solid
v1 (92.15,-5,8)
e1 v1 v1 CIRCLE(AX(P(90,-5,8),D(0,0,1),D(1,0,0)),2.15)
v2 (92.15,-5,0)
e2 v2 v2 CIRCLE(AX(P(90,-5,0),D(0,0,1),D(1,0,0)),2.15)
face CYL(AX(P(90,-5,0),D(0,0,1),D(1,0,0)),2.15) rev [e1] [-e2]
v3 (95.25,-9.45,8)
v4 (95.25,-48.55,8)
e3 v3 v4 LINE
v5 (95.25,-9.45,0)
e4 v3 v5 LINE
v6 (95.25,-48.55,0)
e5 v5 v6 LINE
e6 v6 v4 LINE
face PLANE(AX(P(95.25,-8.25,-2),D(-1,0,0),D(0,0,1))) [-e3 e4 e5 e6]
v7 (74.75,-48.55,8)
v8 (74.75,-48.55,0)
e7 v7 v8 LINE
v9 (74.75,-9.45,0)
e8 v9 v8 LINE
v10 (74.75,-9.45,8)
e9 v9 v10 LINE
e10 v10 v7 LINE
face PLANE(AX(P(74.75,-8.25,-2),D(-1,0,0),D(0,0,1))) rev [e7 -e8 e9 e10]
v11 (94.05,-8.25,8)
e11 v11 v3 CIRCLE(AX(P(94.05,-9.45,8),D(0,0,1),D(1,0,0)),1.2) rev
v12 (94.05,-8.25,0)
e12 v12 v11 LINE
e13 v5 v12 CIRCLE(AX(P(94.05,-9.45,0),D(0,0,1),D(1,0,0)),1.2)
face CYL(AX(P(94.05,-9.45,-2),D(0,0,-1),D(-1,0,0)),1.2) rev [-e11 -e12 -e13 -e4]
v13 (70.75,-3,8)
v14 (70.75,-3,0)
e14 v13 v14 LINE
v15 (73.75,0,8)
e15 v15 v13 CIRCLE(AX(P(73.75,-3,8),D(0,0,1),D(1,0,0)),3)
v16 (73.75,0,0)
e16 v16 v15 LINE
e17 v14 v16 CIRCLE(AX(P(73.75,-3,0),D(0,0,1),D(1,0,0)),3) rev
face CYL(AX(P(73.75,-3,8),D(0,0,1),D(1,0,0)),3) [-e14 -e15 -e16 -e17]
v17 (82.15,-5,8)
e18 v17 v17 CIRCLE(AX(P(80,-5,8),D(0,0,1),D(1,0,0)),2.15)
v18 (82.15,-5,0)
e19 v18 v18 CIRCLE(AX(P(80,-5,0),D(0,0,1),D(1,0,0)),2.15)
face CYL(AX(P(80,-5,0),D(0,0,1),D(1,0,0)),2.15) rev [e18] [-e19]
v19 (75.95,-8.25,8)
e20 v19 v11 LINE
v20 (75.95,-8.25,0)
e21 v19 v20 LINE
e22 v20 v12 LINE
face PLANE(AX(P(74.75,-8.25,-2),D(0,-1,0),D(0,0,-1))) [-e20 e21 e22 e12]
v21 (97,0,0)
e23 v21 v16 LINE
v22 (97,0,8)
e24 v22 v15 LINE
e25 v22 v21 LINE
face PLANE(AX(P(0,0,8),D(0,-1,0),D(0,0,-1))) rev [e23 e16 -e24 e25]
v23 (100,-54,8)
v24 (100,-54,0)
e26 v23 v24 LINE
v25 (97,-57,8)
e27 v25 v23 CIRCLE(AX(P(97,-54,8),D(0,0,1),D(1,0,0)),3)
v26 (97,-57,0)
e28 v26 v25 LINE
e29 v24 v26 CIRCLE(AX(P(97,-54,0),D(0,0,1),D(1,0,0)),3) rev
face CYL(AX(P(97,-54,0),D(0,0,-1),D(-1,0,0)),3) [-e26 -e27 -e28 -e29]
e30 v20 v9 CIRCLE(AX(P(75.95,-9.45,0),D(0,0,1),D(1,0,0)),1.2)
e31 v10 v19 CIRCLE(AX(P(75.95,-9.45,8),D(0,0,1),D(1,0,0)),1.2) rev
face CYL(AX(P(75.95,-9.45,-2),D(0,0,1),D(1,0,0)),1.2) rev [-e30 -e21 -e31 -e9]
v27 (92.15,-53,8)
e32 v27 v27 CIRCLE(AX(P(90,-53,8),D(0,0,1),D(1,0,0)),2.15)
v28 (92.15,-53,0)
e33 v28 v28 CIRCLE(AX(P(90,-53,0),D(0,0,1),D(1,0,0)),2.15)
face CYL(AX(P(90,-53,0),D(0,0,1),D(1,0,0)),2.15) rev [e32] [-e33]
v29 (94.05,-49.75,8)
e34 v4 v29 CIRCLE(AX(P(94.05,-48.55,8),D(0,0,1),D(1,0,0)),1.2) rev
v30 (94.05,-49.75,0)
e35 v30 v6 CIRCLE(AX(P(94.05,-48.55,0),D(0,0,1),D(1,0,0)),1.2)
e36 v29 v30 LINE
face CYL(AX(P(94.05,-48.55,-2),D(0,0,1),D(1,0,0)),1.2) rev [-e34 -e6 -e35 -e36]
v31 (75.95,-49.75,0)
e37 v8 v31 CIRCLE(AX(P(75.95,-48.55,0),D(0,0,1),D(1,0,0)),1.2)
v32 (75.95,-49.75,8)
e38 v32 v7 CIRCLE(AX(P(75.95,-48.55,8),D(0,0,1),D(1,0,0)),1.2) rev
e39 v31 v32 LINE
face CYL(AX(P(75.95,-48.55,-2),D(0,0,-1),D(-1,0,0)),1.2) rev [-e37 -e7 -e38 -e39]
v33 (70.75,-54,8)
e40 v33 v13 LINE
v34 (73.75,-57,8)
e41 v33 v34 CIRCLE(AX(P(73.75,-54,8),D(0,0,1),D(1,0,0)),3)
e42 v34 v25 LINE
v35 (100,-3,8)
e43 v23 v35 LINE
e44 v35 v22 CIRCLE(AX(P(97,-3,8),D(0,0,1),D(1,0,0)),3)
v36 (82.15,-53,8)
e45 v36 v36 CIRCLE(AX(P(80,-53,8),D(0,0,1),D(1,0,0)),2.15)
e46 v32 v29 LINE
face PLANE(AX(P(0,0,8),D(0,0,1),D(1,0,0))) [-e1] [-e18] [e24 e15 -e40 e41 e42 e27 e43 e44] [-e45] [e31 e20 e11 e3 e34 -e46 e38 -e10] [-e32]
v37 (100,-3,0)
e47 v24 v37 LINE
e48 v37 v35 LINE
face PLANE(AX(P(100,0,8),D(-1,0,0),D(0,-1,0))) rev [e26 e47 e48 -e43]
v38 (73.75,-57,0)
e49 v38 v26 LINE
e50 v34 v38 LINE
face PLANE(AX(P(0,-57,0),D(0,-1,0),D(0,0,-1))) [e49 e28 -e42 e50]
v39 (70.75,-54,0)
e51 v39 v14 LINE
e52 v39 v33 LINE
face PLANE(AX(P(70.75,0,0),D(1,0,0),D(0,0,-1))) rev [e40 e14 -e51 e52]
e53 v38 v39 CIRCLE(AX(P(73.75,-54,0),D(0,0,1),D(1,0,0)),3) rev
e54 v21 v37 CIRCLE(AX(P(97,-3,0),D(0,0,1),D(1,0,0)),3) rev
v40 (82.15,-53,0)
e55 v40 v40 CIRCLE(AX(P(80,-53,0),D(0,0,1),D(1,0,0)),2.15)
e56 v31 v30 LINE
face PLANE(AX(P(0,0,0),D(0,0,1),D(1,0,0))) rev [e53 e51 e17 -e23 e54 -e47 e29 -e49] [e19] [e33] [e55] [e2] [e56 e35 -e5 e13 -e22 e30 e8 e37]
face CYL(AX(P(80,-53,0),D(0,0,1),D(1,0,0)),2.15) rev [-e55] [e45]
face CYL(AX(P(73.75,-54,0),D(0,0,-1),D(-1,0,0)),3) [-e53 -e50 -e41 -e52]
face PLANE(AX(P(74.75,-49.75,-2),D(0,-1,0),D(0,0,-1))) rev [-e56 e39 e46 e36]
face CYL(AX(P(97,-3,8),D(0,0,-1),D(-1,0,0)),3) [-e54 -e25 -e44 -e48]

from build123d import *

# Parameters (mm, degrees)
SKETCH_1_W          = 100
SKETCH_1_H          = 100
EXTRUDE_1_DEPTH     = 8
SKETCH_2_R          = 2.15
CUT_EXTRUDE_1_DEPTH = 142.647449677
SKETCH_3_R          = 2.15
CUT_EXTRUDE_2_DEPTH = 142.647449677
SKETCH_4_R          = 2.15
CUT_EXTRUDE_3_DEPTH = 142.647449677
SKETCH_5_W          = 20.5
SKETCH_5_H          = 41.5
CUT_EXTRUDE_4_DEPTH = 10
SKETCH_6_W          = 55
SKETCH_6_H          = 100
CUT_EXTRUDE_5_DEPTH = 10
FILLET_2_R          = 1.2
SKETCH_8_R          = 1.65
CUT_EXTRUDE_6_DEPTH = 142.647449677
SKETCH_9_W          = 15.75
SKETCH_9_H          = 78.5
CUT_EXTRUDE_7_DEPTH = 142.647449677
FILLET_3_R          = 10
FILLET_4_R          = 3
SKETCH_10_R         = 1.65
SKETCH_10_R_2       = 2.15
CUT_EXTRUDE_8_DEPTH = 142.647449677
FILLET_5_R          = 3


with BuildPart() as part:
    # 草图1 → 凸台-拉伸1 (new body)
    with BuildSketch(Plane.XY):
        with Locations((50, -50)):
            Rectangle(SKETCH_1_W, SKETCH_1_H)
    extrude(amount=EXTRUDE_1_DEPTH)

    # 草图2 → 切除-拉伸1 (cut, through all)
    with BuildSketch(Plane.XY.offset(8)):
        with Locations((80, -53)):
            Circle(SKETCH_2_R)
        with Locations((90, -53)):
            Circle(SKETCH_2_R)
        with Locations((90, -5)):
            Circle(SKETCH_2_R)
        with Locations((80, -5)):
            Circle(SKETCH_2_R)
    extrude(amount=-CUT_EXTRUDE_1_DEPTH, mode=Mode.SUBTRACT)

    # 草图3 → 切除-拉伸2 (cut, through all)
    with BuildSketch(Plane.XY.offset(8)):
        with Locations((73, -95)):
            Circle(SKETCH_3_R)
        with Locations((73, -85)):
            Circle(SKETCH_3_R)
        with Locations((85, -85)):
            Circle(SKETCH_3_R)
        with Locations((85, -95)):
            Circle(SKETCH_3_R)
    extrude(amount=-CUT_EXTRUDE_2_DEPTH, mode=Mode.SUBTRACT)

    # 草图4 → 切除-拉伸3 (cut, through all)
    with BuildSketch(Plane.XY.offset(8)):
        with BuildLine():
            ThreePointArc((81, -100), (71.5, -90.5), (62, -100))
            Line((62, -100), (81, -100))
        make_face()
        with Locations((73, -95)):
            Circle(SKETCH_4_R, mode=Mode.SUBTRACT)
    extrude(amount=-CUT_EXTRUDE_3_DEPTH, mode=Mode.SUBTRACT)

    # 草图5 → 切除-拉伸4 (cut)
    with BuildSketch(Plane.XY.offset(8)):
        with Locations((85, -29)):
            Rectangle(SKETCH_5_W, SKETCH_5_H)
    extrude(amount=-CUT_EXTRUDE_4_DEPTH, mode=Mode.SUBTRACT)

    # 草图6 → 切除-拉伸5 (cut)
    with BuildSketch(Plane.XY.offset(8)):
        with Locations((27.5, -50)):
            Rectangle(SKETCH_6_W, SKETCH_6_H)
    extrude(amount=-CUT_EXTRUDE_5_DEPTH, mode=Mode.SUBTRACT)

    # 圆角2
    fillet_2_edges = [part.edges().sort_by_distance(p)[0] for p in [
        (95.25, -49.75, 4),
        (74.75, -49.75, 4),
        (74.75, -8.25, 4),
        (95.25, -8.25, 4),
    ]]
    fillet(fillet_2_edges, radius=FILLET_2_R)

    # 草图8 → 切除-拉伸6 (cut, through all)
    with BuildSketch(Plane.XY.offset(8)):
        with Locations((59, -84)):
            Circle(SKETCH_8_R)
    extrude(amount=-CUT_EXTRUDE_6_DEPTH, mode=Mode.SUBTRACT)

    # 草图9 → 切除-拉伸7 (cut, through all)
    with BuildSketch(Plane.XY.offset(8)):
        with BuildLine():
            Line((71.5, -90.5), (55, -90.5))
            Line((55, -90.5), (55, -100))
            Line((55, -100), (62, -100))
            ThreePointArc((62, -100), (64.782485579, -93.282485579), (71.5, -90.5))
        make_face()
        with Locations((62.875, -39.25)):
            Rectangle(SKETCH_9_W, SKETCH_9_H)
    extrude(amount=-CUT_EXTRUDE_7_DEPTH, mode=Mode.SUBTRACT)

    # 圆角3
    fillet_3_edges = [part.edges().sort_by_distance(p)[0] for p in [
        (70.75, -78.5, 4),
    ]]
    fillet(fillet_3_edges, radius=FILLET_3_R)

    # 圆角4
    fillet_4_edges = [part.edges().sort_by_distance(p)[0] for p in [
        (55, -90.5, 4),
        (55, -78.5, 4),
        (70.75, 0, 4),
        (81, -100, 4),
        (100, 0, 4),
        (100, -100, 4),
    ]]
    fillet(fillet_4_edges, radius=FILLET_4_R)

    # 草图10 → 切除-拉伸8 (cut, through all)
    with BuildSketch(Plane.XY.offset(8)):
        with BuildLine():
            Line((100, -57), (70.75, -57))
            Line((70.75, -57), (70.75, -68.5))
            ThreePointArc((70.75, -68.5), (67.821067812, -75.571067812), (60.75, -78.5))
            Line((60.75, -78.5), (58, -78.5))
            ThreePointArc((58, -78.5), (55.878679656, -79.378679656), (55, -81.5))
            Line((55, -81.5), (55, -87.5))
            ThreePointArc((55, -87.5), (55.878679656, -89.621320344), (58, -90.5))
            Line((58, -90.5), (71.5, -90.5))
            ThreePointArc((71.5, -90.5), (77.356193303, -92.51969252), (80.722342436, -97.72))
            ThreePointArc((80.722342436, -97.72), (81.785336899, -99.362202362), (83.6346611, -100))
            Line((83.6346611, -100), (97, -100))
            ThreePointArc((97, -100), (99.121320344, -99.121320344), (100, -97))
            Line((100, -97), (100, -57))
        make_face()
        with Locations((59, -84)):
            Circle(SKETCH_10_R, mode=Mode.SUBTRACT)
        with Locations((73, -85)):
            Circle(SKETCH_10_R_2, mode=Mode.SUBTRACT)
        with Locations((85, -95)):
            Circle(SKETCH_10_R_2, mode=Mode.SUBTRACT)
        with Locations((85, -85)):
            Circle(SKETCH_10_R_2, mode=Mode.SUBTRACT)
    extrude(amount=-CUT_EXTRUDE_8_DEPTH, mode=Mode.SUBTRACT)

    # 圆角5
    fillet_5_edges = [part.edges().sort_by_distance(p)[0] for p in [
        (70.75, -57, 4),
        (100, -57, 4),
    ]]
    fillet(fillet_5_edges, radius=FILLET_5_R)


solid = part.part
